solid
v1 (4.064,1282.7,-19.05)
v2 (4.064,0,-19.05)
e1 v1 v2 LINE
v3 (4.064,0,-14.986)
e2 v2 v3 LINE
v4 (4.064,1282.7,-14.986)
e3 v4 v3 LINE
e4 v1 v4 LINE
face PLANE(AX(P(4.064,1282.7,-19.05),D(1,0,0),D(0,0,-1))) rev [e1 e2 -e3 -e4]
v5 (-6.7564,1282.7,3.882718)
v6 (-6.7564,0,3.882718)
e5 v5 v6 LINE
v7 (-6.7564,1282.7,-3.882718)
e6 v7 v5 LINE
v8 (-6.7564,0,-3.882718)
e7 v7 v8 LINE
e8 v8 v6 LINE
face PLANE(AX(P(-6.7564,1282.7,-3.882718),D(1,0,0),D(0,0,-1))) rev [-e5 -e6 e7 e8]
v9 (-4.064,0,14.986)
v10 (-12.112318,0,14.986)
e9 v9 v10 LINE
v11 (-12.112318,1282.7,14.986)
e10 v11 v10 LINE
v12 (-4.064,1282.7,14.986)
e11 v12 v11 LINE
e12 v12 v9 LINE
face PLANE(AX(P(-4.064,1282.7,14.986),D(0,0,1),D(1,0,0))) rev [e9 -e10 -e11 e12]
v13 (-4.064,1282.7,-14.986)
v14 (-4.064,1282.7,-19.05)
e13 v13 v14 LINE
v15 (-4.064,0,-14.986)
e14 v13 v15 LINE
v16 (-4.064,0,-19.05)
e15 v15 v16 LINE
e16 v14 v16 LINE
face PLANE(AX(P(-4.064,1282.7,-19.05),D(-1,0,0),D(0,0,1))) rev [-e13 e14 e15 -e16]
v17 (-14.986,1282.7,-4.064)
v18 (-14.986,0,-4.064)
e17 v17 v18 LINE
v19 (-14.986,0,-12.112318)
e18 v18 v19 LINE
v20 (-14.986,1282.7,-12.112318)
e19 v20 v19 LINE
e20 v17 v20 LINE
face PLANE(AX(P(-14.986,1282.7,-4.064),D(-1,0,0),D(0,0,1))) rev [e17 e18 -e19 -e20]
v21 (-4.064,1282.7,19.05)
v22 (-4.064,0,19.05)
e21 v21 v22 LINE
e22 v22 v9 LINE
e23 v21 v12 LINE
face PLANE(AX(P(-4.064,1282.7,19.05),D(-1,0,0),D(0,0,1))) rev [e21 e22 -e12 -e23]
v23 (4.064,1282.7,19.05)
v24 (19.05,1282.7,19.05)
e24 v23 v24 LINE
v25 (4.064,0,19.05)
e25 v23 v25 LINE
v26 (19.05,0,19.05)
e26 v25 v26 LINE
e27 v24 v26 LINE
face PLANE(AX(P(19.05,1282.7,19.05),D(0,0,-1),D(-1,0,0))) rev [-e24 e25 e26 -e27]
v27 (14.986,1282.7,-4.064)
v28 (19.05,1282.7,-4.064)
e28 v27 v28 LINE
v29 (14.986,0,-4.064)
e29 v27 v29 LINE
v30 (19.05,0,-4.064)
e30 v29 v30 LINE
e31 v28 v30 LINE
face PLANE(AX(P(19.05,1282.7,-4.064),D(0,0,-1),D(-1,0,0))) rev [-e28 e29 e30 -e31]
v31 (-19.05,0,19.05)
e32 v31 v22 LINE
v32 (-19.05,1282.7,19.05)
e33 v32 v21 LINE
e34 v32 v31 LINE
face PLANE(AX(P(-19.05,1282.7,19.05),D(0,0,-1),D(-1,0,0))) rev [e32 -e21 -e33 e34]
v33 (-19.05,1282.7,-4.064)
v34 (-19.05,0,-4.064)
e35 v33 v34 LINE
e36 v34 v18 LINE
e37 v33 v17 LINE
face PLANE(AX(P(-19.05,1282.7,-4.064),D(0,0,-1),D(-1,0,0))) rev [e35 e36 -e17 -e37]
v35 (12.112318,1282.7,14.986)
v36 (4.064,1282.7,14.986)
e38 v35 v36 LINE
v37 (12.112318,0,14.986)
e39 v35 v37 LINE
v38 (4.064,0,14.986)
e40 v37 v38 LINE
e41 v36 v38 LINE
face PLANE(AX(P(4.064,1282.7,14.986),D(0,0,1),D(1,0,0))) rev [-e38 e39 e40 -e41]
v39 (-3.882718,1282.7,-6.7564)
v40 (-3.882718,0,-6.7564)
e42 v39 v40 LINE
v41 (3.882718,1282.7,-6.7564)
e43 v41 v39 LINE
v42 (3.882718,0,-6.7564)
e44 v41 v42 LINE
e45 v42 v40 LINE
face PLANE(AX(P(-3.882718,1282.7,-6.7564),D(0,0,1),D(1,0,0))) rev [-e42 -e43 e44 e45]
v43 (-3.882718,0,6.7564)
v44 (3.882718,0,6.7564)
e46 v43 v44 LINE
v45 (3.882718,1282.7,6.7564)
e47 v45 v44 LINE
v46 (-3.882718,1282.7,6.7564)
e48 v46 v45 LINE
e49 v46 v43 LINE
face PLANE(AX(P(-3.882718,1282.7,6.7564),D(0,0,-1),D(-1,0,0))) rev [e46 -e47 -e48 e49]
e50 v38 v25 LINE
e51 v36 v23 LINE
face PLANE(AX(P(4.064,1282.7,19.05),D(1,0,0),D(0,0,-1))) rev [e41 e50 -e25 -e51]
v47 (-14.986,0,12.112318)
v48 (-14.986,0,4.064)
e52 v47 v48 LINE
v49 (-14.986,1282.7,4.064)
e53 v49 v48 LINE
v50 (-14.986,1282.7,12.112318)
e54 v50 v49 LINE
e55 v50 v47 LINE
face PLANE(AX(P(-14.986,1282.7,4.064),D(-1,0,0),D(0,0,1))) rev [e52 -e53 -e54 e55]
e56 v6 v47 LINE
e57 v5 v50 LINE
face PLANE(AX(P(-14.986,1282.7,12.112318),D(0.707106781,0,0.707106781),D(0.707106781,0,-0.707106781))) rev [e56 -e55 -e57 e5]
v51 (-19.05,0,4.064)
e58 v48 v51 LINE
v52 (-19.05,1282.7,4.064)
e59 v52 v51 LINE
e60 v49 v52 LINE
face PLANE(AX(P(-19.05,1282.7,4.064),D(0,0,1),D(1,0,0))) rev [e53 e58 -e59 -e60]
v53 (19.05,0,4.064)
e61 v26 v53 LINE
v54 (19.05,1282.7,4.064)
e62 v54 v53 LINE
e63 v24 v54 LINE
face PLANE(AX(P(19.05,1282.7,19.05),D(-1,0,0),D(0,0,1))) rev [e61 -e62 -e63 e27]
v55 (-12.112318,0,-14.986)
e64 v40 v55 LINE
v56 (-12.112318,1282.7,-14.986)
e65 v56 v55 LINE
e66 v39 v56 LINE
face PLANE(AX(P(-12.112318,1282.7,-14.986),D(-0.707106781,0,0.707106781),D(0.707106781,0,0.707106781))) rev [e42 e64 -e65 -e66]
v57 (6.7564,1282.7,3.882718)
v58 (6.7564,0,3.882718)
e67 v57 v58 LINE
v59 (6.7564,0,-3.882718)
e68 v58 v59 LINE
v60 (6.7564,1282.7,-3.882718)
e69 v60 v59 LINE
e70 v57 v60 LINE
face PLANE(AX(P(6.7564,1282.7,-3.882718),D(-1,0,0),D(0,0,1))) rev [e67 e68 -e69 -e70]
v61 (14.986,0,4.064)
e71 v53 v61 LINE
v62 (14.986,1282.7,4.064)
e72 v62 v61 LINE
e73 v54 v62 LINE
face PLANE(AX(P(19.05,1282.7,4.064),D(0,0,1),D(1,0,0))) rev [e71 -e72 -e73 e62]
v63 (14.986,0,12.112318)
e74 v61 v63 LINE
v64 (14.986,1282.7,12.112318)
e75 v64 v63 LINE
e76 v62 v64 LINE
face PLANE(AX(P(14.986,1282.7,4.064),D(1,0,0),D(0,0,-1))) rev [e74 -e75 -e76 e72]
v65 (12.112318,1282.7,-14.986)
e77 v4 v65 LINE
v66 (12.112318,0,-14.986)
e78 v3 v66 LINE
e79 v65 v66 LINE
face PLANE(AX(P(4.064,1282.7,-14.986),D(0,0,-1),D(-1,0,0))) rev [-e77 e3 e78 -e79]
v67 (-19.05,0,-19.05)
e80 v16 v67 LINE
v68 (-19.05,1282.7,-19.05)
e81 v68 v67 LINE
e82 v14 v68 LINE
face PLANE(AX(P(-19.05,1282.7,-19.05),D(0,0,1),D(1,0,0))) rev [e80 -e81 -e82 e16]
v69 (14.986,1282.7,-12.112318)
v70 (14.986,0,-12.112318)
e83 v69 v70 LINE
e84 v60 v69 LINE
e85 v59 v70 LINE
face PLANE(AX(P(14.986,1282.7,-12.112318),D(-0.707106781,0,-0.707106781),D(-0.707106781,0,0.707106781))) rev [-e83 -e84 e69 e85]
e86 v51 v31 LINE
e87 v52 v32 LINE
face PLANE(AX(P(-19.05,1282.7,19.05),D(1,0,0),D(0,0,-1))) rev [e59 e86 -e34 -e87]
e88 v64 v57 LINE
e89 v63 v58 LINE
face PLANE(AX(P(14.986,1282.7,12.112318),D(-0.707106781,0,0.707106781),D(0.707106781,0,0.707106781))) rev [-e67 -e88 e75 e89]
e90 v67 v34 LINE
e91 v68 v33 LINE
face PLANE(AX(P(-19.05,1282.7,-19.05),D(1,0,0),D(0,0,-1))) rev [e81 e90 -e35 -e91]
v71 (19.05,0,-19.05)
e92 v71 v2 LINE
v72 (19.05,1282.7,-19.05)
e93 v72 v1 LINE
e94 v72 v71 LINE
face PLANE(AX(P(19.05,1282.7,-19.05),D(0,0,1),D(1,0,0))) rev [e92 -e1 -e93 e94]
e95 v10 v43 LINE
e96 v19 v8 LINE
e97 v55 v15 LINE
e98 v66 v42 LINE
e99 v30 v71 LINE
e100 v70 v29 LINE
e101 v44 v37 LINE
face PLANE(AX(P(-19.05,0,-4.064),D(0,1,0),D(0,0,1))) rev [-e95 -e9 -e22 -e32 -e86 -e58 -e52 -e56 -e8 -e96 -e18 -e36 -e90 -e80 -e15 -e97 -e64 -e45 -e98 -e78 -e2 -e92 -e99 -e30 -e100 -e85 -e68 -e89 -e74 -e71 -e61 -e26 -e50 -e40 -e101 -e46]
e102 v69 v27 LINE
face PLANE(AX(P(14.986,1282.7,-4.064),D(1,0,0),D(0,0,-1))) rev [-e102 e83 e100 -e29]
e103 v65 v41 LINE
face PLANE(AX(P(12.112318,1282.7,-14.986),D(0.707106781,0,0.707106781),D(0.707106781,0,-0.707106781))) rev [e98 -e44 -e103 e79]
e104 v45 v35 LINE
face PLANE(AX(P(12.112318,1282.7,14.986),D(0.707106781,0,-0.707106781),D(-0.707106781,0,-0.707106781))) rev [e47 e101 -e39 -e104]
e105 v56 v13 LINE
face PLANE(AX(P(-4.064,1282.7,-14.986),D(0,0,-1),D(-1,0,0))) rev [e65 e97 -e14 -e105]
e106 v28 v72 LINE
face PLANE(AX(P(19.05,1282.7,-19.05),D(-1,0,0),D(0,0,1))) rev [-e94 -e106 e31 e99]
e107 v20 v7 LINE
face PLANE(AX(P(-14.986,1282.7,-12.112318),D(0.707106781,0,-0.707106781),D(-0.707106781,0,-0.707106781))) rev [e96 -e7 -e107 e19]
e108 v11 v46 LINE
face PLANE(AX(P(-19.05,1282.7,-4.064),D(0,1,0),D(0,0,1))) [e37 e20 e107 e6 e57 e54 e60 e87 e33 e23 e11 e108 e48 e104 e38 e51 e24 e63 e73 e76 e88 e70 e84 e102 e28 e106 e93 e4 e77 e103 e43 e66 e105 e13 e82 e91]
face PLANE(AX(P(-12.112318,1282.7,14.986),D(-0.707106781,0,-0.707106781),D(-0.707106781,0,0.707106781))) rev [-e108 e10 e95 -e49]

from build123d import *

# Parameters (mm, degrees)
BOSS_EXTRUDE1_DEPTH = 1282.7


with BuildPart() as part:
    # Sketch2 → Boss-Extrude1 (new body)
    with BuildSketch(Plane(origin=(0.594697292, 0, 0.594697292), x_dir=(1, 0, 0), z_dir=(0, 1, 0))):
        Polygon((-19.644697292, 19.644697292), (-4.658697292, 19.644697292), (-4.658697292, 15.580697292), (-12.707015333, 15.580697292), (-4.477415333, 7.351097292), (3.288020749, 7.351097292), (11.517620749, 15.580697292), (3.469302708, 15.580697292), (3.469302708, 19.644697292), (18.455302708, 19.644697292), (18.455302708, 4.658697292), (14.391302708, 4.658697292), (14.391302708, 12.707015333), (6.161702708, 4.477415333), (6.161702708, -3.288020749), (14.391302708, -11.517620749), (14.391302708, -3.469302708), (18.455302708, -3.469302708), (18.455302708, -18.455302708), (3.469302708, -18.455302708), (3.469302708, -14.391302708), (11.517620749, -14.391302708), (3.288020749, -6.161702708), (-4.477415333, -6.161702708), (-12.707015333, -14.391302708), (-4.658697292, -14.391302708), (-4.658697292, -18.455302708), (-19.644697292, -18.455302708), (-19.644697292, -3.469302708), (-15.580697292, -3.469302708), (-15.580697292, -11.517620749), (-7.351097292, -3.288020749), (-7.351097292, 4.477415333), (-15.580697292, 12.707015333), (-15.580697292, 4.658697292), (-19.644697292, 4.658697292), align=None)
    extrude(amount=BOSS_EXTRUDE1_DEPTH)


solid = part.part
